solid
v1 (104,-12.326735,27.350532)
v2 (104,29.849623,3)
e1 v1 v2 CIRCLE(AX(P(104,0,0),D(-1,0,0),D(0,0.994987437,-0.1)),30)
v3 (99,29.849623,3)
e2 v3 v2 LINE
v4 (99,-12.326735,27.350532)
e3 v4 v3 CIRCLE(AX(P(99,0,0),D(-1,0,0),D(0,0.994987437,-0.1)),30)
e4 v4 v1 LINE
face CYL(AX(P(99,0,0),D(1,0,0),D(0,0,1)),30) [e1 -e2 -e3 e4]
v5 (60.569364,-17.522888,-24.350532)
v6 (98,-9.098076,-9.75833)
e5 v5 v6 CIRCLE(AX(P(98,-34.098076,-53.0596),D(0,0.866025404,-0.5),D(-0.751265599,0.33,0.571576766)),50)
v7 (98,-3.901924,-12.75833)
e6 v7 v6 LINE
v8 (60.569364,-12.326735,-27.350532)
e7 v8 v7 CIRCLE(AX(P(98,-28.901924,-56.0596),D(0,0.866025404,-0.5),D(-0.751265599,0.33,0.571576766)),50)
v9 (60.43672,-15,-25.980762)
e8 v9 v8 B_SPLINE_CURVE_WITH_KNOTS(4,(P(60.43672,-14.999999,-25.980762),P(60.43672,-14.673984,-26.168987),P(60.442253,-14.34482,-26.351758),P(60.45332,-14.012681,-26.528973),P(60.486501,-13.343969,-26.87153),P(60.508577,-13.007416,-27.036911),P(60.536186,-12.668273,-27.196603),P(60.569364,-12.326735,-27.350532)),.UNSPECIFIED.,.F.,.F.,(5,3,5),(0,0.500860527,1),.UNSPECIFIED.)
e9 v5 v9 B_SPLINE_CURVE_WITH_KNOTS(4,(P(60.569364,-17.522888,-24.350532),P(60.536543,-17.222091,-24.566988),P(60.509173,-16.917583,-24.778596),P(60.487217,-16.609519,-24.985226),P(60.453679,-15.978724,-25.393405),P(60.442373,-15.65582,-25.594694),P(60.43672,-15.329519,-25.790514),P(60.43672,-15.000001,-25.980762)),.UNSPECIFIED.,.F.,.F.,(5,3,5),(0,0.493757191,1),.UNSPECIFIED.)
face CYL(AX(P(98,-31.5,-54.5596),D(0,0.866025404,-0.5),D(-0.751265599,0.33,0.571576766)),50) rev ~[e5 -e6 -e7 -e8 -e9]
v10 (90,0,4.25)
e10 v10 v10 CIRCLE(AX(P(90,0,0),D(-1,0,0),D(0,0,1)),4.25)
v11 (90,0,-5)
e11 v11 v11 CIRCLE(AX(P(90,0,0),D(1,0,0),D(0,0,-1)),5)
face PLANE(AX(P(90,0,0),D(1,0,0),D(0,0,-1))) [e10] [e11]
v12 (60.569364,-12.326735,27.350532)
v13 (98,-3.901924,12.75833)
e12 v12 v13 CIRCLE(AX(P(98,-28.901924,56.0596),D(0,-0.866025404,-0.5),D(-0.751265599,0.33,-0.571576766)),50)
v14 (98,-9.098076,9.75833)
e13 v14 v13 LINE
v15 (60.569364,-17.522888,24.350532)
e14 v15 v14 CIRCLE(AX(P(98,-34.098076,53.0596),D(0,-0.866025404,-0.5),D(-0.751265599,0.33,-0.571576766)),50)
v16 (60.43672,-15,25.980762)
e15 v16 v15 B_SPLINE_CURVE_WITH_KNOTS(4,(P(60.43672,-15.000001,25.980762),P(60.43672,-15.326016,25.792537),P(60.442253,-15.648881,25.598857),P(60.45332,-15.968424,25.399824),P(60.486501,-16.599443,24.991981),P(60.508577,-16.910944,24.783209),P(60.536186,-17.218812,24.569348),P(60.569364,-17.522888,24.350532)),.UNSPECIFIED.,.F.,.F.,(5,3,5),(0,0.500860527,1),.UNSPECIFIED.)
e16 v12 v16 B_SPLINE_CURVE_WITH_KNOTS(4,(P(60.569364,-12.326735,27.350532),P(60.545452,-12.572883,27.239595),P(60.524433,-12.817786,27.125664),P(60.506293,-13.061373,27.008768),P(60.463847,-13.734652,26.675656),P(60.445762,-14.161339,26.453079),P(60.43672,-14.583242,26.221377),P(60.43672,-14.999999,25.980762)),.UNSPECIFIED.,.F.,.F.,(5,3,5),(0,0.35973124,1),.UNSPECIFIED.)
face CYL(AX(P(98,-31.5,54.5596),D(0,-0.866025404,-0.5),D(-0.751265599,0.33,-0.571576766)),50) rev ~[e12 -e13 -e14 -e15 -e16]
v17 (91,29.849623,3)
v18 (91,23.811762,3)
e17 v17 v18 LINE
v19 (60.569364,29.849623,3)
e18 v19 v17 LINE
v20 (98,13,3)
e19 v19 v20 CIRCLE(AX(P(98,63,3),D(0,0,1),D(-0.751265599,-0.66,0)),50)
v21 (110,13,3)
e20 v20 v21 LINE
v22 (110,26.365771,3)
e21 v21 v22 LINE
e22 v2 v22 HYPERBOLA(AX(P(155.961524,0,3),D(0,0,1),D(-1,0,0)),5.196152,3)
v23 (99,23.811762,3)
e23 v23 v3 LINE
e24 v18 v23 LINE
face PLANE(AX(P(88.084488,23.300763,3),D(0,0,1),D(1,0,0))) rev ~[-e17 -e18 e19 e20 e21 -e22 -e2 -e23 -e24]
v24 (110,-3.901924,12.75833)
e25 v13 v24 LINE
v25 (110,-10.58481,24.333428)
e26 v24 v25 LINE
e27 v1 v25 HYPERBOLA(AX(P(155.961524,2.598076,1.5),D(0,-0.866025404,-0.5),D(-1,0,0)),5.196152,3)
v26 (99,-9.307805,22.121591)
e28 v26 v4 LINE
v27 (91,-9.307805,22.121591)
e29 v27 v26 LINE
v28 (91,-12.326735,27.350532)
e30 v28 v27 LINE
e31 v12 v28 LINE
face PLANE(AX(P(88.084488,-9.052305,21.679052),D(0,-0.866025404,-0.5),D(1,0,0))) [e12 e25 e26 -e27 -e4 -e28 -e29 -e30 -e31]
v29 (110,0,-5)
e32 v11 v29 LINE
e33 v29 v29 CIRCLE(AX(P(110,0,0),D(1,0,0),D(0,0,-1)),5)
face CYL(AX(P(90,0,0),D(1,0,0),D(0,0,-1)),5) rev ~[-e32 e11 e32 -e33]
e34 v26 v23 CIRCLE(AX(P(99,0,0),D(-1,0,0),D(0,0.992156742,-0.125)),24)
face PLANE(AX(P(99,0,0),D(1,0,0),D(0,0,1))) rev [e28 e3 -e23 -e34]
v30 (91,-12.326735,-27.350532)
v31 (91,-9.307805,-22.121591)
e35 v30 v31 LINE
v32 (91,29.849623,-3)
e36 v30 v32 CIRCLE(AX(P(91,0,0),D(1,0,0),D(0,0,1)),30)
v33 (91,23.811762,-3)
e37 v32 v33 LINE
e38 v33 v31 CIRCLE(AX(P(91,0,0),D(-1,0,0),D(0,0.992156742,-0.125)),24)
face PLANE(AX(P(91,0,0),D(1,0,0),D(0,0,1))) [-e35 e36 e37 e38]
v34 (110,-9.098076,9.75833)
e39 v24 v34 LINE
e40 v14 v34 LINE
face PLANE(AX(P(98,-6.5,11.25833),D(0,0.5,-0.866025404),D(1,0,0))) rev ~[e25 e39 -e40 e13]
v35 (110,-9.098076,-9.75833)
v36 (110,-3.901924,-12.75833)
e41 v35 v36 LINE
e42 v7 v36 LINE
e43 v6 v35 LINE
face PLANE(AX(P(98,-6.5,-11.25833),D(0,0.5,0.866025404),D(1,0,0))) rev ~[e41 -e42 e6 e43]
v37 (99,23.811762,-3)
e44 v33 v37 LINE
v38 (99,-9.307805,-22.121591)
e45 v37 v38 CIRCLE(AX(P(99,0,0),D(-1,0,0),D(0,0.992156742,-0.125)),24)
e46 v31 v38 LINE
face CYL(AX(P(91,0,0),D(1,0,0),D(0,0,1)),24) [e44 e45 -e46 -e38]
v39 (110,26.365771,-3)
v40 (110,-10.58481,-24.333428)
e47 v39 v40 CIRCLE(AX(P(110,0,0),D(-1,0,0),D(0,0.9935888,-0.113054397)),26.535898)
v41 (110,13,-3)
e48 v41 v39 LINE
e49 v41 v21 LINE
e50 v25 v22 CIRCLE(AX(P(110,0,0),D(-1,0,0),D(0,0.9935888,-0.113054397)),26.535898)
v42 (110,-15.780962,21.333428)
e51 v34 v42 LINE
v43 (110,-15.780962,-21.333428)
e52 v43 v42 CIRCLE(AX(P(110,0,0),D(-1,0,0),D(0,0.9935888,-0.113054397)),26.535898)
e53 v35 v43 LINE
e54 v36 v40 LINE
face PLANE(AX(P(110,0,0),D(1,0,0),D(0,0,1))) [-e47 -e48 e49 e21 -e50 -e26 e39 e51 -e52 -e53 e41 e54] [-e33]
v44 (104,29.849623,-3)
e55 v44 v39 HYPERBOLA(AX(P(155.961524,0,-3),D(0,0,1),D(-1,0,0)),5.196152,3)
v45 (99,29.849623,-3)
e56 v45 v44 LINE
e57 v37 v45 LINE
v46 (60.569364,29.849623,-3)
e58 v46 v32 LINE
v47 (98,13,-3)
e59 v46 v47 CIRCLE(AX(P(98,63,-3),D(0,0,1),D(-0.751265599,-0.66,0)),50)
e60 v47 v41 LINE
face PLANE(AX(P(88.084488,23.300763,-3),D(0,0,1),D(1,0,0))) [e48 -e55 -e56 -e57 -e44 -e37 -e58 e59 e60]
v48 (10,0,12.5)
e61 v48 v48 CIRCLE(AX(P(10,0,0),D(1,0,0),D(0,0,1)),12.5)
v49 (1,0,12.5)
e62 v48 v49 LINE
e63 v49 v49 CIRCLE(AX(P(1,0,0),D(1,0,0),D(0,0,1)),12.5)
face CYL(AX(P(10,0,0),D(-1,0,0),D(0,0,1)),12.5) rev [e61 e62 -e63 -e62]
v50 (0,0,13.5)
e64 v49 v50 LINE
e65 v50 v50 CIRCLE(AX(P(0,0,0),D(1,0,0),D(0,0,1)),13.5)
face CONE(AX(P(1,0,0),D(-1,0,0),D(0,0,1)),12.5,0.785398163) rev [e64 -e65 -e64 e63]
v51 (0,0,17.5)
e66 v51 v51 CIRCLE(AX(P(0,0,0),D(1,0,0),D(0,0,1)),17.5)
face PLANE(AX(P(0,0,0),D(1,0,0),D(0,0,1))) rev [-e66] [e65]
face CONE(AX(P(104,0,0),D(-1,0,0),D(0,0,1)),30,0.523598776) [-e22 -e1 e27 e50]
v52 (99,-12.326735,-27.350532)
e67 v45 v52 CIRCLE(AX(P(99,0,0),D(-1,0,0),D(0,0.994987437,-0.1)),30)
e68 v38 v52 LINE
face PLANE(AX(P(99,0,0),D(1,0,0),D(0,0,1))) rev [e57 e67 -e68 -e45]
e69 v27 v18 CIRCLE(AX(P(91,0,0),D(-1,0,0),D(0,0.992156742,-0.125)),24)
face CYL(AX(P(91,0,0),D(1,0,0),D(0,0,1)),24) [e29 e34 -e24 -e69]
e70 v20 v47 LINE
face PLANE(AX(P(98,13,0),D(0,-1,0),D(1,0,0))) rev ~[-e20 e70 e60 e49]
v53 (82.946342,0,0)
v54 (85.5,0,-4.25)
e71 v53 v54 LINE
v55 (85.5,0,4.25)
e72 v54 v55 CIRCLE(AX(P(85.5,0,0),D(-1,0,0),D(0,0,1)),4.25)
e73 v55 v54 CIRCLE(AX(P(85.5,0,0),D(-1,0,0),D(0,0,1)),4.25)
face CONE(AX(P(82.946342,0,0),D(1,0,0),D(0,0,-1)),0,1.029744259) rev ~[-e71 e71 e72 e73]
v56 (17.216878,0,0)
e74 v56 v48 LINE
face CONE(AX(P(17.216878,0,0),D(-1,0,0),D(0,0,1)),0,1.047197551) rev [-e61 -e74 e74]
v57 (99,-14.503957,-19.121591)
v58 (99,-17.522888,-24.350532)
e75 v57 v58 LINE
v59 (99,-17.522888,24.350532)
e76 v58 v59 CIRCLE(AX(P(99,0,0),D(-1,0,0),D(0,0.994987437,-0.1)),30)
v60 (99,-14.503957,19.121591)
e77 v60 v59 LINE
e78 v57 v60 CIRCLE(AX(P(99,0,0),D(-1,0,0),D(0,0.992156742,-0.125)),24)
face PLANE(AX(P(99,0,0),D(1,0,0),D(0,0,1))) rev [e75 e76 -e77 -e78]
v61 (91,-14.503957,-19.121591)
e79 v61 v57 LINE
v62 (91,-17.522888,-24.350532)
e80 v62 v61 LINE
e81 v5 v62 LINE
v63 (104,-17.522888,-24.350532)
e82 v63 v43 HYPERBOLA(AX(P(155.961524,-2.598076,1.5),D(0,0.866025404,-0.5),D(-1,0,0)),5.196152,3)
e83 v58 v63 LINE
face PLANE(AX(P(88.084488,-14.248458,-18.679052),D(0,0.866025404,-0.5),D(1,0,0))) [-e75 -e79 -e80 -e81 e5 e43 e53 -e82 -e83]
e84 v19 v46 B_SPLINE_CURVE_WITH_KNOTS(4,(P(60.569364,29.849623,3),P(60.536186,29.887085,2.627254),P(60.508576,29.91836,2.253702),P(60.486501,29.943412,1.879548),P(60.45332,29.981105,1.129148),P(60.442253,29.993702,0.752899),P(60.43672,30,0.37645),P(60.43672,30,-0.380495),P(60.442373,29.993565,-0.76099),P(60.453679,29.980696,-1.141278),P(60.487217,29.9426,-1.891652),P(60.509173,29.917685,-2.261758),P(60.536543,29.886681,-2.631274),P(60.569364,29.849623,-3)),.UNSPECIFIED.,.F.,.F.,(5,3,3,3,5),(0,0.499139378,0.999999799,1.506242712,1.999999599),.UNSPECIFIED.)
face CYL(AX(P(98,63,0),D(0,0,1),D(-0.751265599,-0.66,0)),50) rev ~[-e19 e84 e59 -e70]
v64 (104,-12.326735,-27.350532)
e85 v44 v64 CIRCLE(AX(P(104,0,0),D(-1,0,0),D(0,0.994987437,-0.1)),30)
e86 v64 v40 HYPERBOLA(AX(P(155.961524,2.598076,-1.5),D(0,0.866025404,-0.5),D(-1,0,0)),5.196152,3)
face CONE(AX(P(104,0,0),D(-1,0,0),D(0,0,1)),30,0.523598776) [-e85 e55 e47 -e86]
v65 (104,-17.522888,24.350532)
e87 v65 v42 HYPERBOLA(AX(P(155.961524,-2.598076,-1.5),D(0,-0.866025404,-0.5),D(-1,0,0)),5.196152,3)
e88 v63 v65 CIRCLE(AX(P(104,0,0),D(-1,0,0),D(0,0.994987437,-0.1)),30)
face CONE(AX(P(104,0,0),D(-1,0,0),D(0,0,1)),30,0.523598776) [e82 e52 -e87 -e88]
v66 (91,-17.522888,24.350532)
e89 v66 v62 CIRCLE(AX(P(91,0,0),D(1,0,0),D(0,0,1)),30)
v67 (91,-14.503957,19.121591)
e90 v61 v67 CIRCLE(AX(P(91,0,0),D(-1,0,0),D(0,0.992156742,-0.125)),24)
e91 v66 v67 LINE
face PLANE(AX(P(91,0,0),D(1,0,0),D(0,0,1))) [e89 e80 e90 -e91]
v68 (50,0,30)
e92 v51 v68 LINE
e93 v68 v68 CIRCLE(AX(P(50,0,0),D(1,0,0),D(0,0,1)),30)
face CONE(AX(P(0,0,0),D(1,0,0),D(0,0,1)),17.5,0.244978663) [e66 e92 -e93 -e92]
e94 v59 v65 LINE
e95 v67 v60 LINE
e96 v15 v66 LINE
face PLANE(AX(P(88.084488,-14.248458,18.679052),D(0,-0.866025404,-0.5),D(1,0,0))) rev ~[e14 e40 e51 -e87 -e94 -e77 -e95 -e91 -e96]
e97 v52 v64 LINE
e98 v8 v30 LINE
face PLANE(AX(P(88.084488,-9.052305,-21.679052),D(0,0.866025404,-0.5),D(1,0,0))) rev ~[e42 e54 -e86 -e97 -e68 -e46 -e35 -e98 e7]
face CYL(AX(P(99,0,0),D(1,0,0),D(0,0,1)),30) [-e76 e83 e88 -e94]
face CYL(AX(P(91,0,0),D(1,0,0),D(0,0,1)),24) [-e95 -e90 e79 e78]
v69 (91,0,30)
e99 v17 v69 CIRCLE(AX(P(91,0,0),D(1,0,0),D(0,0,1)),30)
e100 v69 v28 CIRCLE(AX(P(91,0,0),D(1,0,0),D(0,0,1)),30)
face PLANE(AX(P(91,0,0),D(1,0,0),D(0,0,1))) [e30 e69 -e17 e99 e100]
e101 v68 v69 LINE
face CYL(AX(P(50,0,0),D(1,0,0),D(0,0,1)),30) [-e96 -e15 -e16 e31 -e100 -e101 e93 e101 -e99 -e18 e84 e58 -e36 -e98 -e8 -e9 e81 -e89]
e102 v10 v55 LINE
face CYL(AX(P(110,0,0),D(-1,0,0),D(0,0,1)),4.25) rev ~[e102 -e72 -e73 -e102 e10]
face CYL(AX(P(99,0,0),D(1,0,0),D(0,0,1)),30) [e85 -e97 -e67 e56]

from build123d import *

# Parameters (mm, degrees)
CUT_EXTRUDE1_DEPTH           = 3
CIRPATTERN1_COUNT            = 3
M10_TAPPED_HOLE1_D           = 8.5
M10_TAPPED_HOLE1_DEPTH       = 24.5
M10_TAPPED_HOLE1_CBORE_D     = 10
M10_TAPPED_HOLE1_CBORE_DEPTH = 20
M10_TAPPED_HOLE1_TIP         = 2.553657631


with BuildPart() as part:
    # Sketch1 → Revolve1 (revolve)
    with BuildSketch(Plane.XY, mode=Mode.PRIVATE) as revolve1_sk:
        Polygon((0, 13.5), (0, 17.5), (50, 30), (91, 30), (91, 24), (99, 24), (99, 30), (104, 30), (110, 26.535898385), (110, 0), (17.216878365, 0), (10, 12.5), (1, 12.5), align=None)
    revolve(revolve1_sk.sketch.rotate(Axis((0, 0, 0), (1, 0, 0)), 90), axis=Axis((0, 0, 0), (1, 0, 0)))

    # Sketch2 → Cut-Extrude1 (cut, symmetric)
    with BuildSketch(Plane.XY):
        with BuildLine():
            Line((98, 13), (110, 13))
            Line((110, 13), (110, 30))
            Line((110, 30), (60.436720058, 30))
            ThreePointArc((60.436720058, 30), (77.384471872, 17.447832104), (98, 13))
        make_face()
    cut_extrude1 = extrude(amount=CUT_EXTRUDE1_DEPTH, both=True, mode=Mode.SUBTRACT)

    # CirPattern1: Cut-Extrude1 ×3 about axis
    cirpattern1_axis = Axis((0, 0, 0), (1, 0, 0))
    for i in range(1, CIRPATTERN1_COUNT):
        add(cut_extrude1.rotate(cirpattern1_axis, i * 360 / CIRPATTERN1_COUNT), mode=Mode.SUBTRACT)

    # M10 Tapped Hole1
    with Locations(Plane(origin=(110, 0, 0), x_dir=(0, 0, -1), z_dir=(1, 0, 0))):
        with Locations((0, 0)):
            CounterBoreHole(M10_TAPPED_HOLE1_D / 2, M10_TAPPED_HOLE1_CBORE_D / 2, M10_TAPPED_HOLE1_CBORE_DEPTH, depth=M10_TAPPED_HOLE1_DEPTH)
            with Locations((0, 0, -(M10_TAPPED_HOLE1_DEPTH + M10_TAPPED_HOLE1_TIP / 2))):  # 118° drill point
                Cone(0, M10_TAPPED_HOLE1_D / 2, M10_TAPPED_HOLE1_TIP, mode=Mode.SUBTRACT)


solid = part.part
